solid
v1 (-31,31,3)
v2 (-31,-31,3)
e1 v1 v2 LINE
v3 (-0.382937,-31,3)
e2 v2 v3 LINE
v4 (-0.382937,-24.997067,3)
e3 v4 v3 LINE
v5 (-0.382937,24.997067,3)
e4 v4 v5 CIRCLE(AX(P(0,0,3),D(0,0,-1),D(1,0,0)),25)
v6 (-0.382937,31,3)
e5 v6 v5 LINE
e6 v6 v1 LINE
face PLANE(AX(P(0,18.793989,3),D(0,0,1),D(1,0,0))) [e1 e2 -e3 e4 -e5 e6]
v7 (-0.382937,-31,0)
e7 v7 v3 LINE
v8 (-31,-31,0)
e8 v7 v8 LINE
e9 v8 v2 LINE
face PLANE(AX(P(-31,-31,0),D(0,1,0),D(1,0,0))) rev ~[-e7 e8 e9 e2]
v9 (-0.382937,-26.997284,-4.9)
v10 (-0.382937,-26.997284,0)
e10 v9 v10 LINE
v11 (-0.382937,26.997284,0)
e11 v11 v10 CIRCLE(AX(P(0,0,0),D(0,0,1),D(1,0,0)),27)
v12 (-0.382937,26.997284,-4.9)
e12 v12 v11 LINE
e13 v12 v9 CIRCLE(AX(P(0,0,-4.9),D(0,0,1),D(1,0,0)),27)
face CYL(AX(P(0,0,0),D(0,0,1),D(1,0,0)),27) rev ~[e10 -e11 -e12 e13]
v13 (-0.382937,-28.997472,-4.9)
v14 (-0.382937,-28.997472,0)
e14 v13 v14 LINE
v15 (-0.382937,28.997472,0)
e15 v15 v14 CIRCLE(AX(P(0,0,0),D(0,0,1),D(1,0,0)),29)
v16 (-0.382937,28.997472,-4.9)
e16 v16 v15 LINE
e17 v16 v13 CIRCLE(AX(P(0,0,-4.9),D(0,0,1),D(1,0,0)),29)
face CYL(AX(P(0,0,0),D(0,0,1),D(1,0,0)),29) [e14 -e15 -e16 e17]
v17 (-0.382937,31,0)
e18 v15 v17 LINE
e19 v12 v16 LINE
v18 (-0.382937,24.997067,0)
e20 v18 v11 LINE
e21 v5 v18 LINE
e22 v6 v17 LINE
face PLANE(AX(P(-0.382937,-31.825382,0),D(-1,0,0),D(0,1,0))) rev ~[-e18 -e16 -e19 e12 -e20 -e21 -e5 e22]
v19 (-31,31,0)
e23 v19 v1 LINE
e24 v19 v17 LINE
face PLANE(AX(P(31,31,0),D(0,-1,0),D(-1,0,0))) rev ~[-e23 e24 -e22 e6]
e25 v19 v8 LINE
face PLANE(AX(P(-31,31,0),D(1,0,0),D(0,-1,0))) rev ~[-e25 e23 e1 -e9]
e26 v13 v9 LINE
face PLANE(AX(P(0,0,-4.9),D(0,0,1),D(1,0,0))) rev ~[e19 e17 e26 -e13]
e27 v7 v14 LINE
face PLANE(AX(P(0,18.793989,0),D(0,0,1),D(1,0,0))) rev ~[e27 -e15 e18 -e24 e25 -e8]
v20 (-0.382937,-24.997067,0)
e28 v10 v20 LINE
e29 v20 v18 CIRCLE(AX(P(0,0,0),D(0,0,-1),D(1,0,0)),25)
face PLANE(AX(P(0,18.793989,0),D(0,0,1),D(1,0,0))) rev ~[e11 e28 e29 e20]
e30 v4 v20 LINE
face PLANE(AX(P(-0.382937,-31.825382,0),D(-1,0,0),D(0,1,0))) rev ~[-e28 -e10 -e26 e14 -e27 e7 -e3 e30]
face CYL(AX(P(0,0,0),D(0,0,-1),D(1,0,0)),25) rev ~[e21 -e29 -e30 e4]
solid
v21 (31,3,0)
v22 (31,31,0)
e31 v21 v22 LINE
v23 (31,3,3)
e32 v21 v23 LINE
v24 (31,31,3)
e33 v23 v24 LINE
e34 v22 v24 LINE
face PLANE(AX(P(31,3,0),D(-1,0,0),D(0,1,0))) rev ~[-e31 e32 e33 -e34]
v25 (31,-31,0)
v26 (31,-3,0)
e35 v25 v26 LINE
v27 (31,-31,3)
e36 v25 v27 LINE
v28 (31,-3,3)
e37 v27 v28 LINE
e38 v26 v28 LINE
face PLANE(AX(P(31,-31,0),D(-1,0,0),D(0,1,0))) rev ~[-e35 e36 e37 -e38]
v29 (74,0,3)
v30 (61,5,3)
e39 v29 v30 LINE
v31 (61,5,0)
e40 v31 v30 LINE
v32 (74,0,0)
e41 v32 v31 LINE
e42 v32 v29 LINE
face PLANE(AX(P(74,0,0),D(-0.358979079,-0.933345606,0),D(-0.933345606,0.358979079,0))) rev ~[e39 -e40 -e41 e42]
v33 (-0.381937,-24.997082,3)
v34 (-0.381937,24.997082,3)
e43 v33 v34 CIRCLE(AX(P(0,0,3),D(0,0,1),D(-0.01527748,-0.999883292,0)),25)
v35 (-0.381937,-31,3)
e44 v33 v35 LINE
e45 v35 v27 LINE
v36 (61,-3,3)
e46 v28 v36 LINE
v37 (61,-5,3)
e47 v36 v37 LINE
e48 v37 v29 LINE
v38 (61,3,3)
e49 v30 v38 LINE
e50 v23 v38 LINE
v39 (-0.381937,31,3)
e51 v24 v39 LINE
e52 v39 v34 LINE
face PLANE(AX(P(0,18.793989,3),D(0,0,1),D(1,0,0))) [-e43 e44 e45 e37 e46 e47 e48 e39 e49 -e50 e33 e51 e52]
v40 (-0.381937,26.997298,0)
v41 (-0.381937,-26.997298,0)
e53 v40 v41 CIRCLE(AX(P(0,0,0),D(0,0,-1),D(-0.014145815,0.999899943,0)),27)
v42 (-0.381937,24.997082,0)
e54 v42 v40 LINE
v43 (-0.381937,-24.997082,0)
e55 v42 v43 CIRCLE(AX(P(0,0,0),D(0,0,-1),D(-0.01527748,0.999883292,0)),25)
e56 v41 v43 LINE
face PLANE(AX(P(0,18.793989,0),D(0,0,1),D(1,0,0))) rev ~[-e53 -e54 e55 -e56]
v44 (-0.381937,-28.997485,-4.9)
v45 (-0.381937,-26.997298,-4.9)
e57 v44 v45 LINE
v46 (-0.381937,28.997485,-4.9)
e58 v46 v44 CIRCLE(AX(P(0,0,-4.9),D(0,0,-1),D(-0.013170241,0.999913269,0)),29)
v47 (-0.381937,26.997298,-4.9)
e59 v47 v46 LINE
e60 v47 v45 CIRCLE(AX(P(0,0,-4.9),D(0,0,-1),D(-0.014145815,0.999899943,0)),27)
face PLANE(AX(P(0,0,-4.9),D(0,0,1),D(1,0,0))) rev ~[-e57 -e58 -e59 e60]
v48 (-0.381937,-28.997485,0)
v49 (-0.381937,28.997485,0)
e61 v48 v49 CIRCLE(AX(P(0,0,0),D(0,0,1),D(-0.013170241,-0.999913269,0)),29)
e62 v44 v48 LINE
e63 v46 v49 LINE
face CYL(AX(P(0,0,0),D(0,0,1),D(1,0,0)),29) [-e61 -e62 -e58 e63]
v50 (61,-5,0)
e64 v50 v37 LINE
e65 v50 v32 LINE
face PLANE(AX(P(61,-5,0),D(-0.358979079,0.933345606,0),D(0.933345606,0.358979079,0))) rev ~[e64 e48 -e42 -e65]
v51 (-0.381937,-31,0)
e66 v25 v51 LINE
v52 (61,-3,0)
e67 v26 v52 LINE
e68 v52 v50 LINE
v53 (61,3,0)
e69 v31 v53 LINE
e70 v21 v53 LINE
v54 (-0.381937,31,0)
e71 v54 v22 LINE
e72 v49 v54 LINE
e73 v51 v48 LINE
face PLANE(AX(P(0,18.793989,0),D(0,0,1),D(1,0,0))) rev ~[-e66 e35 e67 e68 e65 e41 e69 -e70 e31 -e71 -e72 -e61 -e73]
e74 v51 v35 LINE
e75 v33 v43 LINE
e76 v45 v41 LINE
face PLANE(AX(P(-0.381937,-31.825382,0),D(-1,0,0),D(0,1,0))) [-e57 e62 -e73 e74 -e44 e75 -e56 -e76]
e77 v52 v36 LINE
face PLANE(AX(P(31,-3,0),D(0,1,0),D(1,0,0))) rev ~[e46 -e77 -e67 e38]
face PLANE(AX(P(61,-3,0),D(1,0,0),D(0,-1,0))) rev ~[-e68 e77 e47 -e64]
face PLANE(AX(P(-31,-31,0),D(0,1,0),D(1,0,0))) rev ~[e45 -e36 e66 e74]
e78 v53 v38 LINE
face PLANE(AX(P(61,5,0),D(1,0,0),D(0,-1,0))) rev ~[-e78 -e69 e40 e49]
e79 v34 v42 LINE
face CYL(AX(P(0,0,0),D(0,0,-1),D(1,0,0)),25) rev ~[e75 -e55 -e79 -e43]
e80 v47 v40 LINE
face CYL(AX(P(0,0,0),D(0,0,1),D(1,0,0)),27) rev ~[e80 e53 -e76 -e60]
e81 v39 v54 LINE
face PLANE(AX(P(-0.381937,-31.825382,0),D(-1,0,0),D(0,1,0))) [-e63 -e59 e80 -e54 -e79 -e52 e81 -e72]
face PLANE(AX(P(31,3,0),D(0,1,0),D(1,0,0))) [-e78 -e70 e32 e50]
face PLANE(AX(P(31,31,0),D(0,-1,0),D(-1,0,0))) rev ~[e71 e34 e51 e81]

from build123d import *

# Parameters (mm, degrees)
F0_W     = 30
F0_H     = 3
F1_DEPTH = 3
F2_R     = 29
F2_R_2   = 27
F3_DEPTH = 4.9
F4_W     = 0.001
F4_H     = 500
F5_DEPTH = 25
F6_DEPTH = 25


with BuildPart() as f1:
    # F0 (on Top) → F1 (new body)
    with BuildSketch(Plane.XY):
        with BuildLine():
            ThreePointArc((-25, 0), (0, 25), (25, 0))
            Line((25, 0), (31, 0))
            Line((31, 0), (31, 3))
            Line((31, 3), (31, 31))
            Line((31, 31), (-31, 31))
            Line((-31, 31), (-31, 0))
            Line((-31, 0), (-25, 0))
        make_face()
        with BuildLine():
            Line((31, 0), (25, 0))
            ThreePointArc((25, 0), (0, -25), (-25, 0))
            Line((-25, 0), (-31, 0))
            Line((-31, 0), (-31, -31))
            Line((-31, -31), (31, -31))
            Line((31, -31), (31, -3))
            Line((31, -3), (31, 0))
        make_face()
        with Locations((46, -1.5)):
            Rectangle(F0_W, F0_H)
        with Locations((46, 1.5)):
            Rectangle(F0_W, F0_H)
        Polygon((61, 3), (61, 0), (61, -3), (61, -5), (74, 0), (61, 5), align=None)
    extrude(amount=F1_DEPTH)

    # F2 (on Top) → F3 (join)
    with BuildSketch(Plane.XY):
        Circle(F2_R)
        Circle(F2_R_2, mode=Mode.SUBTRACT)
    extrude(amount=-F3_DEPTH)

    # F4 (on Top) → F5 (cut)
    with BuildSketch(Plane.XY):
        with Locations((-0.382437, 218.174618)):
            Rectangle(F4_W, F4_H)
    extrude(amount=-F5_DEPTH, mode=Mode.SUBTRACT)

    # F4 (on Top) → F6 (cut)
    with BuildSketch(Plane.XY):
        with Locations((-0.382437, 218.174618)):
            Rectangle(F4_W, F4_H)
    extrude(amount=F6_DEPTH, mode=Mode.SUBTRACT)


solid = f1.part
